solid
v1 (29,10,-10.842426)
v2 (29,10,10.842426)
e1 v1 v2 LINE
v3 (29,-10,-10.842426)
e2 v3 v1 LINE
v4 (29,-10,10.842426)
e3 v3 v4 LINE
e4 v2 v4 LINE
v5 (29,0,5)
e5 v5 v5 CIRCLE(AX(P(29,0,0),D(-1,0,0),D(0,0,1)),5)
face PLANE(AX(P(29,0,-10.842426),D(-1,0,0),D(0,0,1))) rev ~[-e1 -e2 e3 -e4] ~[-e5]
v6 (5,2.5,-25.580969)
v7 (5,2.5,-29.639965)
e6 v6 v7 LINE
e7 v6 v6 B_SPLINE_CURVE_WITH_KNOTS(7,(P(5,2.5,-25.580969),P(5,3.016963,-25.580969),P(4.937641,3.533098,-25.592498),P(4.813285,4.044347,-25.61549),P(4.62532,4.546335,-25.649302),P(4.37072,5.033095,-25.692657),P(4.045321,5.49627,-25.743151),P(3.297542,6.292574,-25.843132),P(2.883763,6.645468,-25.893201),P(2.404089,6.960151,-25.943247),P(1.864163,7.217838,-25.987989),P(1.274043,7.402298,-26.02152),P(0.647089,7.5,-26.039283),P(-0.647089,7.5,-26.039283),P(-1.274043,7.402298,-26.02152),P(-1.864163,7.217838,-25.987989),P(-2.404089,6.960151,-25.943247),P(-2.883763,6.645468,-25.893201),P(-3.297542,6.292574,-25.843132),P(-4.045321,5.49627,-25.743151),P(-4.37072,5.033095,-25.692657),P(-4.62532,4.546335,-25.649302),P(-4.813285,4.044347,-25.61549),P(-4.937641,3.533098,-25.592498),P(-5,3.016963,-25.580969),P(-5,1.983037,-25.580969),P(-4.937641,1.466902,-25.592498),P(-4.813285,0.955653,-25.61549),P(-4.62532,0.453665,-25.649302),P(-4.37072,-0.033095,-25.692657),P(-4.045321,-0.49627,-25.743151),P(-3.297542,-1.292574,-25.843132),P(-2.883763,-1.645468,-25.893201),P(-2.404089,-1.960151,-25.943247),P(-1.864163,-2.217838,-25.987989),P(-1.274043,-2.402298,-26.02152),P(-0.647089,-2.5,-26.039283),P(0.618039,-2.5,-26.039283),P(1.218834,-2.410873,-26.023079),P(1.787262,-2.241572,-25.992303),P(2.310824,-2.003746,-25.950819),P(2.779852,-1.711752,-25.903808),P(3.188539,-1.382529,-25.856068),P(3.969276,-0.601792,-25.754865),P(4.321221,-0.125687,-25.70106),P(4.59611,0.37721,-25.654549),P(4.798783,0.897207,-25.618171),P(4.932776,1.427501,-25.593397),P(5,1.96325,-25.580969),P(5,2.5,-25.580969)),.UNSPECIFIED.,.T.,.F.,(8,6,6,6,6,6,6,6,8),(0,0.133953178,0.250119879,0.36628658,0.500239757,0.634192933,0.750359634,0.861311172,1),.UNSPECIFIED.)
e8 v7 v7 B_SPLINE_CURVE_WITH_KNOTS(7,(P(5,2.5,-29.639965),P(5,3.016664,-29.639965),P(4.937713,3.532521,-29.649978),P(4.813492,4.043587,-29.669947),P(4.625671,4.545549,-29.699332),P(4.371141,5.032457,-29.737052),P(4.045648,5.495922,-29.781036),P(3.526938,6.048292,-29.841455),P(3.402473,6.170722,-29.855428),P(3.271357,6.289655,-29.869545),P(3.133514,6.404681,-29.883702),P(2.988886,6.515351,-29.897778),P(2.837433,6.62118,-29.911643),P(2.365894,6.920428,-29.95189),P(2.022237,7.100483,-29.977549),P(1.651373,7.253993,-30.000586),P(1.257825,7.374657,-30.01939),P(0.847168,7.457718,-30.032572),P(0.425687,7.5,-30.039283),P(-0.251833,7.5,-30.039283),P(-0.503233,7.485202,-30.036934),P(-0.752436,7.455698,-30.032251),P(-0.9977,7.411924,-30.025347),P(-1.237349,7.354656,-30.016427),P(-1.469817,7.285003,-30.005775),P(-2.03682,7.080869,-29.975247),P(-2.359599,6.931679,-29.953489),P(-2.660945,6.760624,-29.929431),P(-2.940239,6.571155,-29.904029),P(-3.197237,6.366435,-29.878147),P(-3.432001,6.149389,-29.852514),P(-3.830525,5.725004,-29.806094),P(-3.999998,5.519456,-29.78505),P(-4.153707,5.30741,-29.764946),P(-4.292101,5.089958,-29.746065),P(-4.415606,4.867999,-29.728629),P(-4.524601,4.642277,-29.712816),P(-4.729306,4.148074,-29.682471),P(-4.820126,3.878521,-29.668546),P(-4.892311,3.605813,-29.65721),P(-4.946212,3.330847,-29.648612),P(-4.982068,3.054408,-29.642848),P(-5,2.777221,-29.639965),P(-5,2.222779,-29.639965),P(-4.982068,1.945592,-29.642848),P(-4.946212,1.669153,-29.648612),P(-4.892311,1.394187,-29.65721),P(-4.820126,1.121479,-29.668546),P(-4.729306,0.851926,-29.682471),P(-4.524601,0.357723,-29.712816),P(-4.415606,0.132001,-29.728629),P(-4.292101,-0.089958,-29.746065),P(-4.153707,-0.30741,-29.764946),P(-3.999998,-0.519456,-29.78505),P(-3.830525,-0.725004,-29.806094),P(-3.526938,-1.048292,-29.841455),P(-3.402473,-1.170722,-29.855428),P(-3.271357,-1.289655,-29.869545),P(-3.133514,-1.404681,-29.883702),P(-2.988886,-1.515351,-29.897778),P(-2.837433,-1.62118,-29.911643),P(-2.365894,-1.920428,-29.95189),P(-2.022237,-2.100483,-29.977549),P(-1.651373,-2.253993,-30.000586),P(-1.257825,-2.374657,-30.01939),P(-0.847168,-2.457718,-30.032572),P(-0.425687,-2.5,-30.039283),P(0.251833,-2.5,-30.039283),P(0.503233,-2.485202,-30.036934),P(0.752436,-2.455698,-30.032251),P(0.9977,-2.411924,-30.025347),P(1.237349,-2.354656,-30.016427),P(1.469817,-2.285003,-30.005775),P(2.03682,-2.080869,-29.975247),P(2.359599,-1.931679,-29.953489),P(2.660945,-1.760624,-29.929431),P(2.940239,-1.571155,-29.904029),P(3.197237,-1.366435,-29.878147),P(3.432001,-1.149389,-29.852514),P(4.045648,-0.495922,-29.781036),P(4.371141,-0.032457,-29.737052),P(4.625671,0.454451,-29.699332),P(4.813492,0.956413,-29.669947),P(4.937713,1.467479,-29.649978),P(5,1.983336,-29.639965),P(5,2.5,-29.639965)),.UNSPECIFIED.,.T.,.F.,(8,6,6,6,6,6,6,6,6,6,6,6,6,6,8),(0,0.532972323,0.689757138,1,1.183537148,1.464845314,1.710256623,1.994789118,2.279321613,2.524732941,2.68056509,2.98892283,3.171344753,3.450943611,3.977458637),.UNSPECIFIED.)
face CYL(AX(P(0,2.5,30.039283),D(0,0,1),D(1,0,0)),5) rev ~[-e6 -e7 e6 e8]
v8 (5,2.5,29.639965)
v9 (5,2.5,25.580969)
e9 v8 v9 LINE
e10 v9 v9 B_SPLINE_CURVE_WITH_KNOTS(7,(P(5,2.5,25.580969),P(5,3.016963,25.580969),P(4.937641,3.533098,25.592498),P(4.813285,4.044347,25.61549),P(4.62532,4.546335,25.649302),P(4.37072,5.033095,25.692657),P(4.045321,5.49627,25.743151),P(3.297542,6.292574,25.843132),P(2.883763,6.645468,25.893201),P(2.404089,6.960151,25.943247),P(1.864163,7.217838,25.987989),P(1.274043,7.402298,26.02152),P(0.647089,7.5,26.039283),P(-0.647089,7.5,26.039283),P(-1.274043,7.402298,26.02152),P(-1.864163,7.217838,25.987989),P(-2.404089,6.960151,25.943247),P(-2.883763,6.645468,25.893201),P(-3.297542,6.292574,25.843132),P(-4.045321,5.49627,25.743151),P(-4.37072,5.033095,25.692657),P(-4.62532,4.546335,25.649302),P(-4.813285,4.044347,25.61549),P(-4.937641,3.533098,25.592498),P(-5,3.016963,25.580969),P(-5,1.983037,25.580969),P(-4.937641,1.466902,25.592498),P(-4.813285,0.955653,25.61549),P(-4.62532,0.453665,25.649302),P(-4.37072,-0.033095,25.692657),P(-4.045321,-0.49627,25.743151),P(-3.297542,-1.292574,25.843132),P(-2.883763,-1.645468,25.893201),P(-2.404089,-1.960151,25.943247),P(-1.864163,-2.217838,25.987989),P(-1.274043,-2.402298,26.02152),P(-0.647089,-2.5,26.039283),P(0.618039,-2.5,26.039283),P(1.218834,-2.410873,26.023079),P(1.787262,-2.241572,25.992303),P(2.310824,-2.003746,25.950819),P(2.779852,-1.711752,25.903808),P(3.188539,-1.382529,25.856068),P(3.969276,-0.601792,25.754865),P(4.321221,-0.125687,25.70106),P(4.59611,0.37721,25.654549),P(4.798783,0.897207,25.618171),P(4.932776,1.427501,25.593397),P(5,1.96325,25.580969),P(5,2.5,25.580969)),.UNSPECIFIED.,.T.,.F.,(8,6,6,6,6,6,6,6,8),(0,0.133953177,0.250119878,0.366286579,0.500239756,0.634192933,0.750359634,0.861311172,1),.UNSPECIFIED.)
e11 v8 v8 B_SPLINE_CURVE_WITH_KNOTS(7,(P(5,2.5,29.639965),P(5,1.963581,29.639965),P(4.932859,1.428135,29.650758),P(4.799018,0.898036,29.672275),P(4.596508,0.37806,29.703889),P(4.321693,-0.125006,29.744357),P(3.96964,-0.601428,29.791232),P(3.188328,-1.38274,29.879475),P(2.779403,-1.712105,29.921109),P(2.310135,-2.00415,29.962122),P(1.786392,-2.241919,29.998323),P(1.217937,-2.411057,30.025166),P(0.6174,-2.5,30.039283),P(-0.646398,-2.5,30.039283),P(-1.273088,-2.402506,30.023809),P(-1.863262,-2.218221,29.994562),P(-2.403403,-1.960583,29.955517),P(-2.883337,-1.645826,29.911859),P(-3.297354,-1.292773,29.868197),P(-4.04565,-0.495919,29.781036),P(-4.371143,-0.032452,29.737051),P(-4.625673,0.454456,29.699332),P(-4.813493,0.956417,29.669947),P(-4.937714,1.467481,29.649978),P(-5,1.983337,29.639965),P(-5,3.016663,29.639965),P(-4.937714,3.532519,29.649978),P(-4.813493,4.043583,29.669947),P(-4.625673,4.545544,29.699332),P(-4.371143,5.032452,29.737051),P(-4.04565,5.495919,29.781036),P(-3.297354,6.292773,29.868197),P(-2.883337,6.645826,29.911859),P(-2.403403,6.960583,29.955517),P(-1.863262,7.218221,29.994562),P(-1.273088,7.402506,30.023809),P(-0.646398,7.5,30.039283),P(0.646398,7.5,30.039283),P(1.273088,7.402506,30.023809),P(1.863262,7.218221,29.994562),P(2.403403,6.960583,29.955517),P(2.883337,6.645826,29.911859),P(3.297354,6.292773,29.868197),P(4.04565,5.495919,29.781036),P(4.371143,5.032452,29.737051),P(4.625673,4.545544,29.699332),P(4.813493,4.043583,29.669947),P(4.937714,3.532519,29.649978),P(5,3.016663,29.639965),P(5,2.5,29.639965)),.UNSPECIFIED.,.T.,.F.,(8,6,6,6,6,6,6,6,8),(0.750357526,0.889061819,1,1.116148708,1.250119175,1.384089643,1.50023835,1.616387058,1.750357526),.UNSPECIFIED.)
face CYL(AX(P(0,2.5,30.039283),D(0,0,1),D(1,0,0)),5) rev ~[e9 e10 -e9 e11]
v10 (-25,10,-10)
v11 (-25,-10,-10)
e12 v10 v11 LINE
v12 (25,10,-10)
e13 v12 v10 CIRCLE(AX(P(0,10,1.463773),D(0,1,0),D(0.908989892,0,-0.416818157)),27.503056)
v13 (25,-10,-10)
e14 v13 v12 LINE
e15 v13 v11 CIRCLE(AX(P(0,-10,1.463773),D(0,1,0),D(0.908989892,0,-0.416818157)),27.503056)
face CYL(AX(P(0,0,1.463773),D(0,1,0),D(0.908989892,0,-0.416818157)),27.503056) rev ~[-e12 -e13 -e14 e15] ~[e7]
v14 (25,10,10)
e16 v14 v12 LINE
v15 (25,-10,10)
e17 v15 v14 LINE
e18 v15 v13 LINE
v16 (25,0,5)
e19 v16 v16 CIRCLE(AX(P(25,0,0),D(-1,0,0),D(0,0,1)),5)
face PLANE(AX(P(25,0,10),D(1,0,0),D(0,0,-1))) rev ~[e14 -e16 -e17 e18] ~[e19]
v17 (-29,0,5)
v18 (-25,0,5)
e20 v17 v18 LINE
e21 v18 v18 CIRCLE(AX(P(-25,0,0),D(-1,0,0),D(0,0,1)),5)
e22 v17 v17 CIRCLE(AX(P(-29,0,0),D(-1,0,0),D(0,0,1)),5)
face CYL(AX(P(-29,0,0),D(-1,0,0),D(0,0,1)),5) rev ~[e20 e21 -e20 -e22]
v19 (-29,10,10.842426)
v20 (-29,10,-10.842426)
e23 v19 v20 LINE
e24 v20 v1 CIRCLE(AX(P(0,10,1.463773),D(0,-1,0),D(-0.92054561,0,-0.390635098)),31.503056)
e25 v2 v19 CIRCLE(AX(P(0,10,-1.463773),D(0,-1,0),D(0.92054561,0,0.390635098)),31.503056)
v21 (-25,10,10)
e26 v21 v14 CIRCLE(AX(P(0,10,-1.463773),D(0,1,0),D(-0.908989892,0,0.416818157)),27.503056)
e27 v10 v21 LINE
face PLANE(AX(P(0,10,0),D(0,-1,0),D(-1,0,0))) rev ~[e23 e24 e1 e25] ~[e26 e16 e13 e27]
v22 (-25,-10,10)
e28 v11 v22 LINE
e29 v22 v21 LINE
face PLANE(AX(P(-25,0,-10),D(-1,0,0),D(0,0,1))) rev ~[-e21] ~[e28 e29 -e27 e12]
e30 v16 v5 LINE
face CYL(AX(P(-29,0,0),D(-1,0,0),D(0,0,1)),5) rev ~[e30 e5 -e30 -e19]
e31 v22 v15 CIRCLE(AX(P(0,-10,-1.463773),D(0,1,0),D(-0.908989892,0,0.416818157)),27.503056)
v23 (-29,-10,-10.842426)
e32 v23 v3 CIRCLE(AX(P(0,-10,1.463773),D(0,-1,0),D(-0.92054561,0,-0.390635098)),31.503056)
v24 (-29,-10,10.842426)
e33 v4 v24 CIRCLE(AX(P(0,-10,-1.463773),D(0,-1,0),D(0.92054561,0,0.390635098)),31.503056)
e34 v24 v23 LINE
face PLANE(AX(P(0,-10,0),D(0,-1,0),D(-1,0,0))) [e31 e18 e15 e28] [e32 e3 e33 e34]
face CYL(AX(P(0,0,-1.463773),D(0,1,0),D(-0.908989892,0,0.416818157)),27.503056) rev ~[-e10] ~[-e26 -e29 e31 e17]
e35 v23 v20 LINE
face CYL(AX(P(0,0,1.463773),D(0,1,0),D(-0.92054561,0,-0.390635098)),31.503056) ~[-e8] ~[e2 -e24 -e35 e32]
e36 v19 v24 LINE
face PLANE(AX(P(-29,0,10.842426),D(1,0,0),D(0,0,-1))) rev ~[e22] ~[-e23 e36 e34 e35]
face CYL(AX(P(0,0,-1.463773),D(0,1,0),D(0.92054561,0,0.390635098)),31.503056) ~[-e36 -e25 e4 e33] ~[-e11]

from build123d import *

# Parameters (mm, degrees)
BOSS_EXTRUDE1_DEPTH     = 10
CUT_EXTRUDE1_REACH      = 68.078
SKETCH2_R               = 5
CUT_EXTRUDE2_REACH      = 69.457
CUT_EXTRUDE2_END_RADIUS = 31.503056099
SKETCH3_R               = 5


with BuildPart() as part:
    # Sketch1 → Boss-Extrude1 (new, symmetric)
    with BuildSketch(Plane(origin=(0, 0, 0), x_dir=(1, 0, 0), z_dir=(0, 1, 0))):
        with BuildLine():
            Line((29, 10.842426248), (29, -10.842426248))
            ThreePointArc((29, -10.842426248), (0, -30.039282951), (-29, -10.842426248))
            Line((-29, -10.842426248), (-29, 10.842426248))
            ThreePointArc((-29, 10.842426248), (0, 30.039282951), (29, 10.842426248))
        make_face()
        with BuildLine():
            Line((-25, 10), (-25, -10))
            ThreePointArc((-25, -10), (0, -26.039282951), (25, -10))
            Line((25, -10), (25, 10))
            ThreePointArc((25, 10), (0, 26.039282951), (-25, 10))
        make_face(mode=Mode.SUBTRACT)
    extrude(amount=BOSS_EXTRUDE1_DEPTH, both=True)

    # Cut-Extrude1: up to this face of the body (flat: up to its plane)
    cut_extrude1_end = Plane(part.part.faces().sort_by_distance((29, 0, 0))[0])
    # Sketch2 → Cut-Extrude1 (cut, up to the picked face)
    with BuildSketch(Plane.ZY.offset(29), mode=Mode.PRIVATE) as cut_extrude1_sk1:
        Circle(SKETCH2_R)
    cut_extrude1_tool1 = split(extrude(cut_extrude1_sk1.sketch, amount=-CUT_EXTRUDE1_REACH, mode=Mode.PRIVATE), bisect_by=cut_extrude1_end, keep=Keep.BOTH, mode=Mode.PRIVATE)
    add(cut_extrude1_tool1.solids().sort_by(Axis((-29, 0, 0), (1, 0, 0)))[0], mode=Mode.SUBTRACT)

    # Cut-Extrude2: up to this cylinder (the profile starts inside it)
    cut_extrude2_end = Plane(origin=(0, 2.5, 1.463773147), z_dir=(0, -1, 0)) * Cylinder(CUT_EXTRUDE2_END_RADIUS, 202.920112198, mode=Mode.PRIVATE)
    # Sketch3 → Cut-Extrude2 (cut, up to the surface)
    with BuildSketch(Plane.XY.offset(30.039282951), mode=Mode.PRIVATE) as cut_extrude2_sk1:
        with Locations((0, 2.5)):
            Circle(SKETCH3_R)
    cut_extrude2_tool1 = extrude(cut_extrude2_sk1.sketch, amount=-CUT_EXTRUDE2_REACH, mode=Mode.PRIVATE) & cut_extrude2_end
    add(cut_extrude2_tool1.solids().sort_by_distance((0, 2.5, 30.039283))[0], mode=Mode.SUBTRACT)


solid = part.part
